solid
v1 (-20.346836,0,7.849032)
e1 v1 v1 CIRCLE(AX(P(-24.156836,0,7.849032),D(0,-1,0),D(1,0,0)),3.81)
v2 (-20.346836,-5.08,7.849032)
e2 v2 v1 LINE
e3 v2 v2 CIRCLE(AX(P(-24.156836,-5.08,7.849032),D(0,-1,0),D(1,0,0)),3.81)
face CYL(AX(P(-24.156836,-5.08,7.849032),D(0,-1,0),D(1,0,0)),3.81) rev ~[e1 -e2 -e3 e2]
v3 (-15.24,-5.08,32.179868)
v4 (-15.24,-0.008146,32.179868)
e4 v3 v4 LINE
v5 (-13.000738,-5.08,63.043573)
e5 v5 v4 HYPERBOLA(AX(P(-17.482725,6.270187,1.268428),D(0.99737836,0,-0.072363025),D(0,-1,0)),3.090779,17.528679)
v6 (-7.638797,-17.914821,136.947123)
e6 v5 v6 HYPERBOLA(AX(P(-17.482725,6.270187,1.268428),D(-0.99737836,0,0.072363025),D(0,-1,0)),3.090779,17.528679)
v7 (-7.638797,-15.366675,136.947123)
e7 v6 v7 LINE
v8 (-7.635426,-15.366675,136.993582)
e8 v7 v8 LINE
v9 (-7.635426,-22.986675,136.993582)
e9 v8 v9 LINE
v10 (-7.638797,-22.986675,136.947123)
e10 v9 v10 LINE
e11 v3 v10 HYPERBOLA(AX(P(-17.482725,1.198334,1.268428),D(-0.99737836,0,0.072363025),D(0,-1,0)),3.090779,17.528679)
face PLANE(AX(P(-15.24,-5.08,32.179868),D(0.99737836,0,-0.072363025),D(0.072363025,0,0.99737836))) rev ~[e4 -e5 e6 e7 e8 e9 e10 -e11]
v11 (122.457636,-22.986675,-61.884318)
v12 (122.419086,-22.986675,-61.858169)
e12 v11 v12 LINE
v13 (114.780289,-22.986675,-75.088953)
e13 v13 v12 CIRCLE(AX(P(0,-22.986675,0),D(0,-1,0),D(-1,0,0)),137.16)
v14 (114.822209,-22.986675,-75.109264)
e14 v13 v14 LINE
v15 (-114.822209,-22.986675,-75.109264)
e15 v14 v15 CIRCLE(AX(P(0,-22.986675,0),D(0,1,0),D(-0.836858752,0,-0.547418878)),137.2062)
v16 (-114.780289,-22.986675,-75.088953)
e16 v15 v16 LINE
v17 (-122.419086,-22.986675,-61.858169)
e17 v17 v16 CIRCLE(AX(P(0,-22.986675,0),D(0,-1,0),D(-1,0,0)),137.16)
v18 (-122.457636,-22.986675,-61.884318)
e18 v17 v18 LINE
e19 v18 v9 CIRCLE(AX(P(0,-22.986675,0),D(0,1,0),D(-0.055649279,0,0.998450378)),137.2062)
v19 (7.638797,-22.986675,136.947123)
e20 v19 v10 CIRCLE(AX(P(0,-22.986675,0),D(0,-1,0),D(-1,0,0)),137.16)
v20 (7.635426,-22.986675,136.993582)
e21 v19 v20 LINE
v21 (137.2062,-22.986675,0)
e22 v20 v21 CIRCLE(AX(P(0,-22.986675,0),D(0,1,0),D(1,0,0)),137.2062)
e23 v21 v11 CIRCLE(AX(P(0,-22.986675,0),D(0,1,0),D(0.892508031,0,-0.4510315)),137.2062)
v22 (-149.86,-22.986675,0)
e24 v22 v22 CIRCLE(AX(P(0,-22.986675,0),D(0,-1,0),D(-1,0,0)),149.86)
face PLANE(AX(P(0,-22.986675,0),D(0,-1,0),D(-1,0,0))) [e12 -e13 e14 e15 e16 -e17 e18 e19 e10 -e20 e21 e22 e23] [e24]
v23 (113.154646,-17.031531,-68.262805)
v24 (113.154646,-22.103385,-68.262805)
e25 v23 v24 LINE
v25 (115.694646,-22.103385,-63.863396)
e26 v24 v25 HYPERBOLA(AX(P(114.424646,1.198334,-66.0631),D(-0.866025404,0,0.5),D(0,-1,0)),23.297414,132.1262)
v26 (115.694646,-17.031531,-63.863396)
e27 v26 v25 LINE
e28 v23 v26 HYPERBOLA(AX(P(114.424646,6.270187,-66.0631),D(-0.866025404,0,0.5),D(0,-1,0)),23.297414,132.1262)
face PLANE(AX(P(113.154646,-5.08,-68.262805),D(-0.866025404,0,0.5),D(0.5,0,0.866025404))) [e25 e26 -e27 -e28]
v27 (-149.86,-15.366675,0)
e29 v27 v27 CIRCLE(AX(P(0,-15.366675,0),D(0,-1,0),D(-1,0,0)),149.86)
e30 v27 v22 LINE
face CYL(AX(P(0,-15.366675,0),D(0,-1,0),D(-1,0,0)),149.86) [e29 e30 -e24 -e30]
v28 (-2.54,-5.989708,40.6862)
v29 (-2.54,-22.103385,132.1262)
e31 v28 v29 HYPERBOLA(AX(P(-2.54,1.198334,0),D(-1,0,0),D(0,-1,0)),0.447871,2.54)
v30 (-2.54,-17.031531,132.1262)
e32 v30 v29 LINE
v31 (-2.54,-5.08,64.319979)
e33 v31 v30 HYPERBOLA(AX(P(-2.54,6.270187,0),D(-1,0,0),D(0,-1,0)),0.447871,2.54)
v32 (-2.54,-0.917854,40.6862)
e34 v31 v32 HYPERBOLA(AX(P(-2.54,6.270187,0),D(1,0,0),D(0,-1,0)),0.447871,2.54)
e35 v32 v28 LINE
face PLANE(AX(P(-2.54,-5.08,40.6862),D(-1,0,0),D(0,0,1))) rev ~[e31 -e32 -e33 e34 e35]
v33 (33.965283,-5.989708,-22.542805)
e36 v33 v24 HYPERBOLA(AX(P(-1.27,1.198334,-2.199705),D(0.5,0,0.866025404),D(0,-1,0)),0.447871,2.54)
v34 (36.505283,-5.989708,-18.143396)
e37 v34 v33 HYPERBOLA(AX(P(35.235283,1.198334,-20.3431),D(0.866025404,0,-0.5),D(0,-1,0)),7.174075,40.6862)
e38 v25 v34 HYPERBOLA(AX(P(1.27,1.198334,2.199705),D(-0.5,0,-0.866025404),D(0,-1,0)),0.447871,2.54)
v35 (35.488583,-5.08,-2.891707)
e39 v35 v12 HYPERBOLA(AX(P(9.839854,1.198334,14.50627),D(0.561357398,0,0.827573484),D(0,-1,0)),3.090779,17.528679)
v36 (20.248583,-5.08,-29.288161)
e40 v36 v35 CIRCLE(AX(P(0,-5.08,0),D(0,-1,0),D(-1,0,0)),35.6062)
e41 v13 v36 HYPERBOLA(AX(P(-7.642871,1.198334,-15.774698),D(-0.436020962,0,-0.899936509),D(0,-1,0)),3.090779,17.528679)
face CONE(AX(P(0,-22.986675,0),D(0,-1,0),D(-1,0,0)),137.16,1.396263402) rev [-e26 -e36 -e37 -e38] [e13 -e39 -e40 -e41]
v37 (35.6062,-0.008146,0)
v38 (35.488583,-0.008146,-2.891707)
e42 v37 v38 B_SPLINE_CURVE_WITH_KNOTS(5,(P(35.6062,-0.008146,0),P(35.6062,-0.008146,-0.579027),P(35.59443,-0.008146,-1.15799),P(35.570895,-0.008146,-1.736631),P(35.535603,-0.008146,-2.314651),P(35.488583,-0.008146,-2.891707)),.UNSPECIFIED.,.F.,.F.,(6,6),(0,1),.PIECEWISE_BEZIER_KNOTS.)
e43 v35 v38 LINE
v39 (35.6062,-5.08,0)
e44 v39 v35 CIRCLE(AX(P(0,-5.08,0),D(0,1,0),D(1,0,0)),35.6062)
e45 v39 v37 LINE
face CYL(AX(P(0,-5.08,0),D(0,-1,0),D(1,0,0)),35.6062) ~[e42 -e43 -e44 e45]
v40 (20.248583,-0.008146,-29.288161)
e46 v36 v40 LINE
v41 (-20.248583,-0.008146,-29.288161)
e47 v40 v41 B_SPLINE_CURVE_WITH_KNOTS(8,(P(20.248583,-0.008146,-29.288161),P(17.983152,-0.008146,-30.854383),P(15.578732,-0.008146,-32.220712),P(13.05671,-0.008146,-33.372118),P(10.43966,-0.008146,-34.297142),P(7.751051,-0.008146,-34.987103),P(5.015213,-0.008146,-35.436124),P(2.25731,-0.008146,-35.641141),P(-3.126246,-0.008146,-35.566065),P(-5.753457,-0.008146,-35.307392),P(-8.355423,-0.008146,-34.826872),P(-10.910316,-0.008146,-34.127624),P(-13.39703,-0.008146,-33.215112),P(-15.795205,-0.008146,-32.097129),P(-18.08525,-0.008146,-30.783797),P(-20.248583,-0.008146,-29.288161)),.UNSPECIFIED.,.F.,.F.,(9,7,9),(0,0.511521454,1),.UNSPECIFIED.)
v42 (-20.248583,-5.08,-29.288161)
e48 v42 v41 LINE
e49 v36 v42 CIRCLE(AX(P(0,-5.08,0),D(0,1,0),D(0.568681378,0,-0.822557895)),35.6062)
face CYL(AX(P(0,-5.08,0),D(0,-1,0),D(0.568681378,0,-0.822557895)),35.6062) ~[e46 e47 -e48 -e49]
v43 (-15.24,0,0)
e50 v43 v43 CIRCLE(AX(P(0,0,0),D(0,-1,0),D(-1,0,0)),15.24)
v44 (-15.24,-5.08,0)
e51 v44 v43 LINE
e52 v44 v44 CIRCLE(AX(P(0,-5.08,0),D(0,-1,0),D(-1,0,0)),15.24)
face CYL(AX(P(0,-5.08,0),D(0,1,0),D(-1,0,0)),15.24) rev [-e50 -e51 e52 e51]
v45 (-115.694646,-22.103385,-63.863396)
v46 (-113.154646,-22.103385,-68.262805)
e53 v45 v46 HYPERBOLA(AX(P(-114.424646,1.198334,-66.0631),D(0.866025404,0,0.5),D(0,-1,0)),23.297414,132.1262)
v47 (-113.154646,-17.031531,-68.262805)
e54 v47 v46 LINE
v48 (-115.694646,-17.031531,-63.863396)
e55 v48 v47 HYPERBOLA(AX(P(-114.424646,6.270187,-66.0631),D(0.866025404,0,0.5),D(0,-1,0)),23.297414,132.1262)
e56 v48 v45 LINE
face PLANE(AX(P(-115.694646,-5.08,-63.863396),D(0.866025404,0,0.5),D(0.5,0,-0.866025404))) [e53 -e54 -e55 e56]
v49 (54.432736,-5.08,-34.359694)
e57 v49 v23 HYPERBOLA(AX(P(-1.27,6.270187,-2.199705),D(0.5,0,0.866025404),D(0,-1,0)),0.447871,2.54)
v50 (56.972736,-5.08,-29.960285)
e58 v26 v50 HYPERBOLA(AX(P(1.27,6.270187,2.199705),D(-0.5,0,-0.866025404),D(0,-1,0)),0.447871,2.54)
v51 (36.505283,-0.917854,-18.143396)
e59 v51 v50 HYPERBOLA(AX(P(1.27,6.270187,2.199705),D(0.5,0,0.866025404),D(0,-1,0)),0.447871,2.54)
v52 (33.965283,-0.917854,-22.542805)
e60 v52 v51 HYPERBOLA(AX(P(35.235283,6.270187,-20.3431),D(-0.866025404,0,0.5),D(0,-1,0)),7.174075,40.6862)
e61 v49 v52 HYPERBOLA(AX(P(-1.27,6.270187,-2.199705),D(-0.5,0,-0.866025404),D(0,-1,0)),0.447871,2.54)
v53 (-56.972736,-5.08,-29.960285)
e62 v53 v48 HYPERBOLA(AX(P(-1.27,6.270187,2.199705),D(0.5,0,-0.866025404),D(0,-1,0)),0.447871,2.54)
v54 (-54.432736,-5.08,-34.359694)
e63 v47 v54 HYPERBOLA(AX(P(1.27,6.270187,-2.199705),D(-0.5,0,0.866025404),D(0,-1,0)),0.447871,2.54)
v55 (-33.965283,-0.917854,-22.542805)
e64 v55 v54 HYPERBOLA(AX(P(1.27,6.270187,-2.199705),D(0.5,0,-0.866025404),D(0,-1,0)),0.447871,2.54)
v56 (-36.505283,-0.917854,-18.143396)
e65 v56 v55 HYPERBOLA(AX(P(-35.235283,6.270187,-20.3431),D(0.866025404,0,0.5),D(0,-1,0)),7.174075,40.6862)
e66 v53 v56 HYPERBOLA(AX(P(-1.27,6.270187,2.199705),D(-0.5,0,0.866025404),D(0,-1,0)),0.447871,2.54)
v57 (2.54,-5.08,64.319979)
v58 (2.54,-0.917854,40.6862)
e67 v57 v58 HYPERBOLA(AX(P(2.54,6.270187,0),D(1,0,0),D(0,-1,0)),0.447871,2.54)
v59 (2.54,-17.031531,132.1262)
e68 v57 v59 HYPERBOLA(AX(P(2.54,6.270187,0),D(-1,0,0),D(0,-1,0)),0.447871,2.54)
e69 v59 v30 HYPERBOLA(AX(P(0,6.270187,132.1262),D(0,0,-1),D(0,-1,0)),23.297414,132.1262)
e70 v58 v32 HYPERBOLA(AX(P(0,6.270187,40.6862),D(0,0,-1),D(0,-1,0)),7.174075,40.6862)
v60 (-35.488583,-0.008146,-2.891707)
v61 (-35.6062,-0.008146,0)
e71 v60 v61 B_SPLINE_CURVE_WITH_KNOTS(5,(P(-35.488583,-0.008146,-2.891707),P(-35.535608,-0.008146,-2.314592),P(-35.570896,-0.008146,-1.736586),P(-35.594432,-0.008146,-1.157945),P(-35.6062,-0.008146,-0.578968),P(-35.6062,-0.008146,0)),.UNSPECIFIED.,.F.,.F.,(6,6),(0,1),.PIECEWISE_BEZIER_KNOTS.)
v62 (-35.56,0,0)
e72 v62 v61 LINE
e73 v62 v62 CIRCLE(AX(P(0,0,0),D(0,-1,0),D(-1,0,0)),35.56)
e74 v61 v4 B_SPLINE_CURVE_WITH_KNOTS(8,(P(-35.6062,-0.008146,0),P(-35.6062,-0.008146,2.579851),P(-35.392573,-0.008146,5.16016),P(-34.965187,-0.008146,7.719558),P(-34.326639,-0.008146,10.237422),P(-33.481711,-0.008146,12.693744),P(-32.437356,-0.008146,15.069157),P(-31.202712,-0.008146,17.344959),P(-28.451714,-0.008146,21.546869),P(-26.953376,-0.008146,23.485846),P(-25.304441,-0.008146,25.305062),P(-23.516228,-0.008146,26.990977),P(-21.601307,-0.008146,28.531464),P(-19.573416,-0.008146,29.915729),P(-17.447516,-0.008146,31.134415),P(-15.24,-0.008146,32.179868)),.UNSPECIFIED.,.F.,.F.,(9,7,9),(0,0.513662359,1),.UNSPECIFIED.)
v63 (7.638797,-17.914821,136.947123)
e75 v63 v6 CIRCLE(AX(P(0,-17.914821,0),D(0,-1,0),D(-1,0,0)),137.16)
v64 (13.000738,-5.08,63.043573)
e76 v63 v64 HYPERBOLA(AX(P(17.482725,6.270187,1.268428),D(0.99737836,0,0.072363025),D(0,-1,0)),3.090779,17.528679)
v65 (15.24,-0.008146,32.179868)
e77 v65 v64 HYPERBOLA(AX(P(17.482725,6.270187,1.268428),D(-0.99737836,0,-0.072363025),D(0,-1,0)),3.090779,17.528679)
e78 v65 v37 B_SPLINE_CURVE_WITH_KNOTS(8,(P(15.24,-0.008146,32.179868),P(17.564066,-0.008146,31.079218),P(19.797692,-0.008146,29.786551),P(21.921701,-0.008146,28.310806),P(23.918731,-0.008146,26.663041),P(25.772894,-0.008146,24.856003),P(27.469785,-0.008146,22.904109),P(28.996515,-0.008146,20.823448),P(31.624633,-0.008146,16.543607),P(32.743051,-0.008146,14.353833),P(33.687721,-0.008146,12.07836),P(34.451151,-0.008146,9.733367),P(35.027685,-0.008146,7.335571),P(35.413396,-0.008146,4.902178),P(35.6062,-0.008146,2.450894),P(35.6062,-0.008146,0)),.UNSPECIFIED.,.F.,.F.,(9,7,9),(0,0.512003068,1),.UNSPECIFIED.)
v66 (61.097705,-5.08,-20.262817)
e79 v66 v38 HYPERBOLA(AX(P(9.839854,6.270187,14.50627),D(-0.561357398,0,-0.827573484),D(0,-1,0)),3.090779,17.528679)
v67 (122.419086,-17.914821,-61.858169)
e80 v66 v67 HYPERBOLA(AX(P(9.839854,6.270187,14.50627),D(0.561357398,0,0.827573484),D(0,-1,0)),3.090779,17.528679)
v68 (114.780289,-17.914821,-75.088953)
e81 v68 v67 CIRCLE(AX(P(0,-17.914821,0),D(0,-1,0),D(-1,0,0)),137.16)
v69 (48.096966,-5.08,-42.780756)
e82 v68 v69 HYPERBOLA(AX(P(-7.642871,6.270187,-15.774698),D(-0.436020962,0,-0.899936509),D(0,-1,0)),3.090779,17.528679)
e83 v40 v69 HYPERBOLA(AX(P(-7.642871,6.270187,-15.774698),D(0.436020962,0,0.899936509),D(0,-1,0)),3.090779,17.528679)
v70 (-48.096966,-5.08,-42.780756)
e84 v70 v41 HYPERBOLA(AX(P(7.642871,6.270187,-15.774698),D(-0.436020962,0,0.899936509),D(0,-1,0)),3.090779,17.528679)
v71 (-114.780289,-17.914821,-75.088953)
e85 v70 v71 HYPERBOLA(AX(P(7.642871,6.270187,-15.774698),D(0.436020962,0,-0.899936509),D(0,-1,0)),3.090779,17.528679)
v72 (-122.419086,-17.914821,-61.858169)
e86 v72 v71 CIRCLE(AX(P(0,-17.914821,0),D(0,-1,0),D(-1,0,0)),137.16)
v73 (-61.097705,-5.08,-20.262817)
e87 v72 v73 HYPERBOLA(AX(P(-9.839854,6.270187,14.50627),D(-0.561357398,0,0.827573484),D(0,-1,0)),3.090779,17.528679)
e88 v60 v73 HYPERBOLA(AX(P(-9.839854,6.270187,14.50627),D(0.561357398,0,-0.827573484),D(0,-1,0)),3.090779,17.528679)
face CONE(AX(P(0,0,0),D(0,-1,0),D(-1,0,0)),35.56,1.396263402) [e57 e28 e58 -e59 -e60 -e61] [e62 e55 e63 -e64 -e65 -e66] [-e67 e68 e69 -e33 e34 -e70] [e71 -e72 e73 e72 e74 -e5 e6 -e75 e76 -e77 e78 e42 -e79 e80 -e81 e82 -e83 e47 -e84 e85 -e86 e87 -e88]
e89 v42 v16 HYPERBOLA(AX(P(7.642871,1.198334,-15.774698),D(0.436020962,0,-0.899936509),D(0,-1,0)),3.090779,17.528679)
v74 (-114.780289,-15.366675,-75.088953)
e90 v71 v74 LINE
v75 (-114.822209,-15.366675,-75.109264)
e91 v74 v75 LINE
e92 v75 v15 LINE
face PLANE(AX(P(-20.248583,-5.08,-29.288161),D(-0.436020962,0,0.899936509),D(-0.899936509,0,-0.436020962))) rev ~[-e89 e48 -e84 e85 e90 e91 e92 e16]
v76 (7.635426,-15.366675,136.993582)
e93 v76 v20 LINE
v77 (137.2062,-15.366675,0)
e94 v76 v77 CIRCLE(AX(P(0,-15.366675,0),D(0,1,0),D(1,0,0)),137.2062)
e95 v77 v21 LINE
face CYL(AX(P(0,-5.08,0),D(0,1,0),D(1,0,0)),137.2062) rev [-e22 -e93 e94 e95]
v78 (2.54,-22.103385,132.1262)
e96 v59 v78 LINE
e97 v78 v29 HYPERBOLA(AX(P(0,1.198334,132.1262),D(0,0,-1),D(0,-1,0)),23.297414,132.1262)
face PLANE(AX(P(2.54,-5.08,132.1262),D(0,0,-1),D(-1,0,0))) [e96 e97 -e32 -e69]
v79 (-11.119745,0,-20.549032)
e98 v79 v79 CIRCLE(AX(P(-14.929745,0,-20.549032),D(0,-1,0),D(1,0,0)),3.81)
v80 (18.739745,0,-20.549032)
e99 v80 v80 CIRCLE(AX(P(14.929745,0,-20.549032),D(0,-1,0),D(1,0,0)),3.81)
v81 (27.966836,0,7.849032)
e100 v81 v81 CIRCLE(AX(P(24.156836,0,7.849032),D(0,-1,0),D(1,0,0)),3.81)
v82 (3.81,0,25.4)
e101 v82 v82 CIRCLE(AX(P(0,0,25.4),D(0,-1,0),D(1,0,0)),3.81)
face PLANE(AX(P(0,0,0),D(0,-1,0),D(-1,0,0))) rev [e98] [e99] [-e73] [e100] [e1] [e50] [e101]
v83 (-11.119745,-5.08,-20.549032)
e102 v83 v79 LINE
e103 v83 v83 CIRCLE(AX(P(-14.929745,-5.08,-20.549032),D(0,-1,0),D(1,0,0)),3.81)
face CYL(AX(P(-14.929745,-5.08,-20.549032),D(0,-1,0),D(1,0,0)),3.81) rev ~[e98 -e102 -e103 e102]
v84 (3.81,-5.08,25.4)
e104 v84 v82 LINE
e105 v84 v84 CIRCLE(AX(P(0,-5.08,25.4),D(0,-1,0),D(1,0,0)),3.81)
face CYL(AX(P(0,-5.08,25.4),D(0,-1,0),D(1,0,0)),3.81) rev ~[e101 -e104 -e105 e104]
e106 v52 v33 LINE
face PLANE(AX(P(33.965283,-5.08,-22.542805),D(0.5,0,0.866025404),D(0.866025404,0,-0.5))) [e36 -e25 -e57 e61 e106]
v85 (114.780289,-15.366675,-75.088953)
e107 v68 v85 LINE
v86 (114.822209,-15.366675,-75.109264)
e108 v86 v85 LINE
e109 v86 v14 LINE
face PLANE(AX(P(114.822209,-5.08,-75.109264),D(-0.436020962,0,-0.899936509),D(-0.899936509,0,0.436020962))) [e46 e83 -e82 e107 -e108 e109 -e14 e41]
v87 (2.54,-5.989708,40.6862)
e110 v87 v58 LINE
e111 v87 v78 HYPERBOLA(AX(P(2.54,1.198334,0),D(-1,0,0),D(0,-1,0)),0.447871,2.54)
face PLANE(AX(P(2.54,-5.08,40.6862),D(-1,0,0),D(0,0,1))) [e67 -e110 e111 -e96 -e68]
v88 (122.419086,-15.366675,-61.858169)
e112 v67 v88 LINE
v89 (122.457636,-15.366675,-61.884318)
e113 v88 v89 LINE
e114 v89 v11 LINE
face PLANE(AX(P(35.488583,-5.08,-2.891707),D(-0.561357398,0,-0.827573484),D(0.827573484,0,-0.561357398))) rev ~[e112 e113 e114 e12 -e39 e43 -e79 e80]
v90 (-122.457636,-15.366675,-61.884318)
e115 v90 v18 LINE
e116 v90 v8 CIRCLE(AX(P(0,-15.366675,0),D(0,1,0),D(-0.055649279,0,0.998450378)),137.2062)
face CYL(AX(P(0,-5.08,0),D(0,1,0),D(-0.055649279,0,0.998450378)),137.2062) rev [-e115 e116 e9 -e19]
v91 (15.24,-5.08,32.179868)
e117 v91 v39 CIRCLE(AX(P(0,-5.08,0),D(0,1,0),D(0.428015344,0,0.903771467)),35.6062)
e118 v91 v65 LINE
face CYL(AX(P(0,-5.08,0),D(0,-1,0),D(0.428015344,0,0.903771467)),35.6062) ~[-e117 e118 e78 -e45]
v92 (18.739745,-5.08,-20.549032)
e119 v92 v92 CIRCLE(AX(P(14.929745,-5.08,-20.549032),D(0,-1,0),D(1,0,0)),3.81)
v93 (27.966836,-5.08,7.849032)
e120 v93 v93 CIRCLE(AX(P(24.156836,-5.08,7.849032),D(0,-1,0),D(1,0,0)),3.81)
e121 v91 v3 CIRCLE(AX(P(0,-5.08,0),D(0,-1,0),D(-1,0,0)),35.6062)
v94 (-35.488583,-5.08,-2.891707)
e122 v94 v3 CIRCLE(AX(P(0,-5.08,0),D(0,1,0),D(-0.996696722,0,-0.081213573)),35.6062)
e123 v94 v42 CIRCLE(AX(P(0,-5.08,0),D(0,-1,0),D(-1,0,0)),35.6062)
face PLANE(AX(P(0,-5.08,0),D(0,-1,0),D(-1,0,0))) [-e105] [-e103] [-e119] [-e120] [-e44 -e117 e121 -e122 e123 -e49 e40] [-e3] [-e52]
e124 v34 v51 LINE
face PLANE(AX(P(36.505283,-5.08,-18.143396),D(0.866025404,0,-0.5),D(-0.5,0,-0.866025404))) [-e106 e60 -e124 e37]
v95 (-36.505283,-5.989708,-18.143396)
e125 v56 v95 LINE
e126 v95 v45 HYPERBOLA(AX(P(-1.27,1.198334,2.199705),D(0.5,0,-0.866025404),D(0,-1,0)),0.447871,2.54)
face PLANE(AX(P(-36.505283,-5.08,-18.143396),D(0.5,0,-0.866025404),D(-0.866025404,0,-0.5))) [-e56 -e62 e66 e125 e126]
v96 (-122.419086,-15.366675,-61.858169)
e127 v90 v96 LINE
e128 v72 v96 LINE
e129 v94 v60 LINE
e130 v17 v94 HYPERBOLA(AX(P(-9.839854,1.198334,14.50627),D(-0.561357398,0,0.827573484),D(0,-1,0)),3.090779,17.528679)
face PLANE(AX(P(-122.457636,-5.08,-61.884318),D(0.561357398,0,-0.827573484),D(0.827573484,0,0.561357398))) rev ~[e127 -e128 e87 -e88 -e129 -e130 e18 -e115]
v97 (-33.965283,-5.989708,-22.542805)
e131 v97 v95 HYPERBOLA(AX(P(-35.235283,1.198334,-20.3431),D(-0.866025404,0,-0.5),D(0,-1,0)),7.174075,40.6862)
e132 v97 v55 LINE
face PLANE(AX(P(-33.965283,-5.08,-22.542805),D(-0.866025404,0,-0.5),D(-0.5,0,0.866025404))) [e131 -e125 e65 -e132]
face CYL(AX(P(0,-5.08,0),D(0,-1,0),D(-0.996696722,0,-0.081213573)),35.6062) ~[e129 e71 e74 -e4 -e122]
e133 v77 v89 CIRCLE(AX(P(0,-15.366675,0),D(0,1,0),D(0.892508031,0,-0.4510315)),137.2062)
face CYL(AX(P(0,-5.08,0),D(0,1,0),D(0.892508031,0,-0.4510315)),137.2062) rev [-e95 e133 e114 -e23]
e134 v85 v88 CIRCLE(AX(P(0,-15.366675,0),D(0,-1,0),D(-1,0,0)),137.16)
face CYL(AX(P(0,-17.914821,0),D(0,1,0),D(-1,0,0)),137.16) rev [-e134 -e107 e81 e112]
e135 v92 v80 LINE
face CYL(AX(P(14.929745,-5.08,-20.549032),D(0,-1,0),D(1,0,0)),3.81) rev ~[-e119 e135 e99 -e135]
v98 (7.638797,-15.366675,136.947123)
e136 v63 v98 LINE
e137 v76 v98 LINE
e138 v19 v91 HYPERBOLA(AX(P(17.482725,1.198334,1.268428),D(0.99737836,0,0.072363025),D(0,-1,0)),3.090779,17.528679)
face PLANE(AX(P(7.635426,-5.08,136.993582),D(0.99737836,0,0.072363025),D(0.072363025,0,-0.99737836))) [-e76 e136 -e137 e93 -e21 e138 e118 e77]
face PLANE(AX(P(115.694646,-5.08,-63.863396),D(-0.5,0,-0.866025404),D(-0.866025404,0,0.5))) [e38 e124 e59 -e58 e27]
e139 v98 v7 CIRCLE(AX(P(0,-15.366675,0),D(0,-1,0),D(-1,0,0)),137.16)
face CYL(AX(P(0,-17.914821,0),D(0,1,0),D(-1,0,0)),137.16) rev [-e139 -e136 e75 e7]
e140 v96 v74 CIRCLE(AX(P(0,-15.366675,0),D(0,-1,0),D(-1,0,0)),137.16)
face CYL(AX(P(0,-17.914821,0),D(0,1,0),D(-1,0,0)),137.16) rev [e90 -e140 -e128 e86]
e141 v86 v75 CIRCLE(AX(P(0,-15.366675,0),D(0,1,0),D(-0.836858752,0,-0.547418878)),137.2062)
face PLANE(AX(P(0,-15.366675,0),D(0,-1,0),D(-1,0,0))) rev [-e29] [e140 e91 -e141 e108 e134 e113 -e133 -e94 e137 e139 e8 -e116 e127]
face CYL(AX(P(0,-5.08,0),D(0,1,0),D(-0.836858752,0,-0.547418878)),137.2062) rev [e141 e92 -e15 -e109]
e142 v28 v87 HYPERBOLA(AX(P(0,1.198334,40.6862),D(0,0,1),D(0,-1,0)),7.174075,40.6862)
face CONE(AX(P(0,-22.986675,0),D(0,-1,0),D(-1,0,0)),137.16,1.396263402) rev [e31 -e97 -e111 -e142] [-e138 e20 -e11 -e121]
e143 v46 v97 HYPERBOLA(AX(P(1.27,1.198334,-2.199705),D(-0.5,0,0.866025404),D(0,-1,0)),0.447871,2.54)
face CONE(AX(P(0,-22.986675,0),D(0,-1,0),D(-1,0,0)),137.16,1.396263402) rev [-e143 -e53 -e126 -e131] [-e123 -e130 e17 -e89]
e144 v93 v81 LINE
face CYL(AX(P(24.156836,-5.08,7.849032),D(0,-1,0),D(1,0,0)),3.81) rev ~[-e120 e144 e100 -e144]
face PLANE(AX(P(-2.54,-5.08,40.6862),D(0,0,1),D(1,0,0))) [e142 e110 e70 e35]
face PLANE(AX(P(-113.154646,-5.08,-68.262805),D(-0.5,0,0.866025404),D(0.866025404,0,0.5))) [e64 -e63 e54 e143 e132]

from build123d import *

# Parameters (mm, degrees)
F2_W          = 2.54
F2_H          = 91.44
F2_R          = 3.81
F3_DEPTH      = 17.907674907
F3_DEPTH_BACK = 5.081
F4_DEPTH      = 17.907674907
F4_DEPTH_BACK = 5.081


with BuildPart() as f1:
    # F0 (on Top) → F1 (revolve)
    with BuildSketch(Plane.XY):
        Polygon((-15.24, -5.08), (-15.24, 0), (-35.56, 0), (-137.16, -17.91482124), (-137.16, -15.366674907), (-149.86, -15.366674907), (-149.86, -22.986674907), (-137.16, -22.986674907), (-35.60620015, -5.08), align=None)
    revolve(axis=Axis((0, -3.722413492, 0), (0, -1, 0)))

    # F2 (on face) → F3 (cut, two sides)
    with BuildSketch(Plane.XZ.offset(5.08)) as f3_sk:
        Polygon((-114.4246458354, -66.063100075), (-35.2352829134, -20.343100075), (-36.5052829134, -18.1433955494), (-115.6946458354, -63.8633955494), align=None)
        Polygon((-33.9652829134, -22.5428046006), (-35.2352829134, -20.343100075), (-114.4246458354, -66.063100075), (-113.1546458354, -68.2628046006), align=None)
        with Locations((-1.27, 86.40620015)):
            Rectangle(F2_W, F2_H)
        with Locations((1.27, 86.40620015)):
            Rectangle(F2_W, F2_H)
        Polygon((114.4246458354, -66.063100075), (35.2352829134, -20.343100075), (33.9652829134, -22.5428046006), (113.1546458354, -68.2628046006), align=None)
        Polygon((36.5052829134, -18.1433955494), (35.2352829134, -20.343100075), (114.4246458354, -66.063100075), (115.6946458354, -63.8633955494), align=None)
        with Locations((0, 25.4)):
            Circle(F2_R)
        with Locations((-24.1568355139, 7.8490316571)):
            Circle(F2_R)
        with Locations((24.1568355139, 7.8490316571)):
            Circle(F2_R)
        with Locations((14.9297454082, -20.5490316571)):
            Circle(F2_R)
        with Locations((-14.9297454082, -20.5490316571)):
            Circle(F2_R)
    extrude(amount=F3_DEPTH, mode=Mode.SUBTRACT)
    extrude(f3_sk.sketch, amount=-F3_DEPTH_BACK, mode=Mode.SUBTRACT)

    # F2 (on face) → F4 (cut, two sides)
    with BuildSketch(Plane.XZ.offset(5.08)) as f4_sk:
        with BuildLine():
            Line((7.6354261028, 136.9935824331), (15.24, 32.1798677611))
            ThreePointArc((15.24, 32.1798677611), (30.0868740434, 19.041572924), (35.60620015, 0))
            ThreePointArc((35.60620015, 0), (35.5767837041, -1.4470488585), (35.4885829716, -2.8917067269))
            Line((35.4885829716, -2.8917067269), (122.4576355939, -61.8843182428))
            ThreePointArc((122.4576355939, -61.8843182428), (133.4681389299, -31.808760589), (137.20620015, 0))
            ThreePointArc((137.20620015, 0), (99.6824186146, 94.2812641979), (7.6354261028, 136.9935824331))
        make_face()
        with BuildLine():
            ThreePointArc((-35.4885829716, -2.8917067269), (-30.8358738622, 17.803100075), (-15.24, 32.1798677612))
            Line((-15.24, 32.1798677611), (-7.6354261028, 136.9935824331))
            ThreePointArc((-7.6354261028, 136.9935824331), (-118.8240548867, 68.603100075), (-122.4576355939, -61.8843182428))
            Line((-122.4576355939, -61.8843182428), (-35.4885829716, -2.8917067269))
        make_face()
        with BuildLine():
            ThreePointArc((20.2485829716, -29.2881610342), (0, -35.60620015), (-20.2485829716, -29.2881610342))
            Line((-20.2485829716, -29.2881610342), (-114.822209491, -75.1092641903))
            ThreePointArc((-114.822209491, -75.1092641903), (0, -137.20620015), (114.822209491, -75.1092641903))
            Line((114.822209491, -75.1092641903), (20.2485829716, -29.2881610342))
        make_face()
    extrude(amount=F4_DEPTH, mode=Mode.SUBTRACT)
    extrude(f4_sk.sketch, amount=-F4_DEPTH_BACK, mode=Mode.SUBTRACT)


solid = f1.part
